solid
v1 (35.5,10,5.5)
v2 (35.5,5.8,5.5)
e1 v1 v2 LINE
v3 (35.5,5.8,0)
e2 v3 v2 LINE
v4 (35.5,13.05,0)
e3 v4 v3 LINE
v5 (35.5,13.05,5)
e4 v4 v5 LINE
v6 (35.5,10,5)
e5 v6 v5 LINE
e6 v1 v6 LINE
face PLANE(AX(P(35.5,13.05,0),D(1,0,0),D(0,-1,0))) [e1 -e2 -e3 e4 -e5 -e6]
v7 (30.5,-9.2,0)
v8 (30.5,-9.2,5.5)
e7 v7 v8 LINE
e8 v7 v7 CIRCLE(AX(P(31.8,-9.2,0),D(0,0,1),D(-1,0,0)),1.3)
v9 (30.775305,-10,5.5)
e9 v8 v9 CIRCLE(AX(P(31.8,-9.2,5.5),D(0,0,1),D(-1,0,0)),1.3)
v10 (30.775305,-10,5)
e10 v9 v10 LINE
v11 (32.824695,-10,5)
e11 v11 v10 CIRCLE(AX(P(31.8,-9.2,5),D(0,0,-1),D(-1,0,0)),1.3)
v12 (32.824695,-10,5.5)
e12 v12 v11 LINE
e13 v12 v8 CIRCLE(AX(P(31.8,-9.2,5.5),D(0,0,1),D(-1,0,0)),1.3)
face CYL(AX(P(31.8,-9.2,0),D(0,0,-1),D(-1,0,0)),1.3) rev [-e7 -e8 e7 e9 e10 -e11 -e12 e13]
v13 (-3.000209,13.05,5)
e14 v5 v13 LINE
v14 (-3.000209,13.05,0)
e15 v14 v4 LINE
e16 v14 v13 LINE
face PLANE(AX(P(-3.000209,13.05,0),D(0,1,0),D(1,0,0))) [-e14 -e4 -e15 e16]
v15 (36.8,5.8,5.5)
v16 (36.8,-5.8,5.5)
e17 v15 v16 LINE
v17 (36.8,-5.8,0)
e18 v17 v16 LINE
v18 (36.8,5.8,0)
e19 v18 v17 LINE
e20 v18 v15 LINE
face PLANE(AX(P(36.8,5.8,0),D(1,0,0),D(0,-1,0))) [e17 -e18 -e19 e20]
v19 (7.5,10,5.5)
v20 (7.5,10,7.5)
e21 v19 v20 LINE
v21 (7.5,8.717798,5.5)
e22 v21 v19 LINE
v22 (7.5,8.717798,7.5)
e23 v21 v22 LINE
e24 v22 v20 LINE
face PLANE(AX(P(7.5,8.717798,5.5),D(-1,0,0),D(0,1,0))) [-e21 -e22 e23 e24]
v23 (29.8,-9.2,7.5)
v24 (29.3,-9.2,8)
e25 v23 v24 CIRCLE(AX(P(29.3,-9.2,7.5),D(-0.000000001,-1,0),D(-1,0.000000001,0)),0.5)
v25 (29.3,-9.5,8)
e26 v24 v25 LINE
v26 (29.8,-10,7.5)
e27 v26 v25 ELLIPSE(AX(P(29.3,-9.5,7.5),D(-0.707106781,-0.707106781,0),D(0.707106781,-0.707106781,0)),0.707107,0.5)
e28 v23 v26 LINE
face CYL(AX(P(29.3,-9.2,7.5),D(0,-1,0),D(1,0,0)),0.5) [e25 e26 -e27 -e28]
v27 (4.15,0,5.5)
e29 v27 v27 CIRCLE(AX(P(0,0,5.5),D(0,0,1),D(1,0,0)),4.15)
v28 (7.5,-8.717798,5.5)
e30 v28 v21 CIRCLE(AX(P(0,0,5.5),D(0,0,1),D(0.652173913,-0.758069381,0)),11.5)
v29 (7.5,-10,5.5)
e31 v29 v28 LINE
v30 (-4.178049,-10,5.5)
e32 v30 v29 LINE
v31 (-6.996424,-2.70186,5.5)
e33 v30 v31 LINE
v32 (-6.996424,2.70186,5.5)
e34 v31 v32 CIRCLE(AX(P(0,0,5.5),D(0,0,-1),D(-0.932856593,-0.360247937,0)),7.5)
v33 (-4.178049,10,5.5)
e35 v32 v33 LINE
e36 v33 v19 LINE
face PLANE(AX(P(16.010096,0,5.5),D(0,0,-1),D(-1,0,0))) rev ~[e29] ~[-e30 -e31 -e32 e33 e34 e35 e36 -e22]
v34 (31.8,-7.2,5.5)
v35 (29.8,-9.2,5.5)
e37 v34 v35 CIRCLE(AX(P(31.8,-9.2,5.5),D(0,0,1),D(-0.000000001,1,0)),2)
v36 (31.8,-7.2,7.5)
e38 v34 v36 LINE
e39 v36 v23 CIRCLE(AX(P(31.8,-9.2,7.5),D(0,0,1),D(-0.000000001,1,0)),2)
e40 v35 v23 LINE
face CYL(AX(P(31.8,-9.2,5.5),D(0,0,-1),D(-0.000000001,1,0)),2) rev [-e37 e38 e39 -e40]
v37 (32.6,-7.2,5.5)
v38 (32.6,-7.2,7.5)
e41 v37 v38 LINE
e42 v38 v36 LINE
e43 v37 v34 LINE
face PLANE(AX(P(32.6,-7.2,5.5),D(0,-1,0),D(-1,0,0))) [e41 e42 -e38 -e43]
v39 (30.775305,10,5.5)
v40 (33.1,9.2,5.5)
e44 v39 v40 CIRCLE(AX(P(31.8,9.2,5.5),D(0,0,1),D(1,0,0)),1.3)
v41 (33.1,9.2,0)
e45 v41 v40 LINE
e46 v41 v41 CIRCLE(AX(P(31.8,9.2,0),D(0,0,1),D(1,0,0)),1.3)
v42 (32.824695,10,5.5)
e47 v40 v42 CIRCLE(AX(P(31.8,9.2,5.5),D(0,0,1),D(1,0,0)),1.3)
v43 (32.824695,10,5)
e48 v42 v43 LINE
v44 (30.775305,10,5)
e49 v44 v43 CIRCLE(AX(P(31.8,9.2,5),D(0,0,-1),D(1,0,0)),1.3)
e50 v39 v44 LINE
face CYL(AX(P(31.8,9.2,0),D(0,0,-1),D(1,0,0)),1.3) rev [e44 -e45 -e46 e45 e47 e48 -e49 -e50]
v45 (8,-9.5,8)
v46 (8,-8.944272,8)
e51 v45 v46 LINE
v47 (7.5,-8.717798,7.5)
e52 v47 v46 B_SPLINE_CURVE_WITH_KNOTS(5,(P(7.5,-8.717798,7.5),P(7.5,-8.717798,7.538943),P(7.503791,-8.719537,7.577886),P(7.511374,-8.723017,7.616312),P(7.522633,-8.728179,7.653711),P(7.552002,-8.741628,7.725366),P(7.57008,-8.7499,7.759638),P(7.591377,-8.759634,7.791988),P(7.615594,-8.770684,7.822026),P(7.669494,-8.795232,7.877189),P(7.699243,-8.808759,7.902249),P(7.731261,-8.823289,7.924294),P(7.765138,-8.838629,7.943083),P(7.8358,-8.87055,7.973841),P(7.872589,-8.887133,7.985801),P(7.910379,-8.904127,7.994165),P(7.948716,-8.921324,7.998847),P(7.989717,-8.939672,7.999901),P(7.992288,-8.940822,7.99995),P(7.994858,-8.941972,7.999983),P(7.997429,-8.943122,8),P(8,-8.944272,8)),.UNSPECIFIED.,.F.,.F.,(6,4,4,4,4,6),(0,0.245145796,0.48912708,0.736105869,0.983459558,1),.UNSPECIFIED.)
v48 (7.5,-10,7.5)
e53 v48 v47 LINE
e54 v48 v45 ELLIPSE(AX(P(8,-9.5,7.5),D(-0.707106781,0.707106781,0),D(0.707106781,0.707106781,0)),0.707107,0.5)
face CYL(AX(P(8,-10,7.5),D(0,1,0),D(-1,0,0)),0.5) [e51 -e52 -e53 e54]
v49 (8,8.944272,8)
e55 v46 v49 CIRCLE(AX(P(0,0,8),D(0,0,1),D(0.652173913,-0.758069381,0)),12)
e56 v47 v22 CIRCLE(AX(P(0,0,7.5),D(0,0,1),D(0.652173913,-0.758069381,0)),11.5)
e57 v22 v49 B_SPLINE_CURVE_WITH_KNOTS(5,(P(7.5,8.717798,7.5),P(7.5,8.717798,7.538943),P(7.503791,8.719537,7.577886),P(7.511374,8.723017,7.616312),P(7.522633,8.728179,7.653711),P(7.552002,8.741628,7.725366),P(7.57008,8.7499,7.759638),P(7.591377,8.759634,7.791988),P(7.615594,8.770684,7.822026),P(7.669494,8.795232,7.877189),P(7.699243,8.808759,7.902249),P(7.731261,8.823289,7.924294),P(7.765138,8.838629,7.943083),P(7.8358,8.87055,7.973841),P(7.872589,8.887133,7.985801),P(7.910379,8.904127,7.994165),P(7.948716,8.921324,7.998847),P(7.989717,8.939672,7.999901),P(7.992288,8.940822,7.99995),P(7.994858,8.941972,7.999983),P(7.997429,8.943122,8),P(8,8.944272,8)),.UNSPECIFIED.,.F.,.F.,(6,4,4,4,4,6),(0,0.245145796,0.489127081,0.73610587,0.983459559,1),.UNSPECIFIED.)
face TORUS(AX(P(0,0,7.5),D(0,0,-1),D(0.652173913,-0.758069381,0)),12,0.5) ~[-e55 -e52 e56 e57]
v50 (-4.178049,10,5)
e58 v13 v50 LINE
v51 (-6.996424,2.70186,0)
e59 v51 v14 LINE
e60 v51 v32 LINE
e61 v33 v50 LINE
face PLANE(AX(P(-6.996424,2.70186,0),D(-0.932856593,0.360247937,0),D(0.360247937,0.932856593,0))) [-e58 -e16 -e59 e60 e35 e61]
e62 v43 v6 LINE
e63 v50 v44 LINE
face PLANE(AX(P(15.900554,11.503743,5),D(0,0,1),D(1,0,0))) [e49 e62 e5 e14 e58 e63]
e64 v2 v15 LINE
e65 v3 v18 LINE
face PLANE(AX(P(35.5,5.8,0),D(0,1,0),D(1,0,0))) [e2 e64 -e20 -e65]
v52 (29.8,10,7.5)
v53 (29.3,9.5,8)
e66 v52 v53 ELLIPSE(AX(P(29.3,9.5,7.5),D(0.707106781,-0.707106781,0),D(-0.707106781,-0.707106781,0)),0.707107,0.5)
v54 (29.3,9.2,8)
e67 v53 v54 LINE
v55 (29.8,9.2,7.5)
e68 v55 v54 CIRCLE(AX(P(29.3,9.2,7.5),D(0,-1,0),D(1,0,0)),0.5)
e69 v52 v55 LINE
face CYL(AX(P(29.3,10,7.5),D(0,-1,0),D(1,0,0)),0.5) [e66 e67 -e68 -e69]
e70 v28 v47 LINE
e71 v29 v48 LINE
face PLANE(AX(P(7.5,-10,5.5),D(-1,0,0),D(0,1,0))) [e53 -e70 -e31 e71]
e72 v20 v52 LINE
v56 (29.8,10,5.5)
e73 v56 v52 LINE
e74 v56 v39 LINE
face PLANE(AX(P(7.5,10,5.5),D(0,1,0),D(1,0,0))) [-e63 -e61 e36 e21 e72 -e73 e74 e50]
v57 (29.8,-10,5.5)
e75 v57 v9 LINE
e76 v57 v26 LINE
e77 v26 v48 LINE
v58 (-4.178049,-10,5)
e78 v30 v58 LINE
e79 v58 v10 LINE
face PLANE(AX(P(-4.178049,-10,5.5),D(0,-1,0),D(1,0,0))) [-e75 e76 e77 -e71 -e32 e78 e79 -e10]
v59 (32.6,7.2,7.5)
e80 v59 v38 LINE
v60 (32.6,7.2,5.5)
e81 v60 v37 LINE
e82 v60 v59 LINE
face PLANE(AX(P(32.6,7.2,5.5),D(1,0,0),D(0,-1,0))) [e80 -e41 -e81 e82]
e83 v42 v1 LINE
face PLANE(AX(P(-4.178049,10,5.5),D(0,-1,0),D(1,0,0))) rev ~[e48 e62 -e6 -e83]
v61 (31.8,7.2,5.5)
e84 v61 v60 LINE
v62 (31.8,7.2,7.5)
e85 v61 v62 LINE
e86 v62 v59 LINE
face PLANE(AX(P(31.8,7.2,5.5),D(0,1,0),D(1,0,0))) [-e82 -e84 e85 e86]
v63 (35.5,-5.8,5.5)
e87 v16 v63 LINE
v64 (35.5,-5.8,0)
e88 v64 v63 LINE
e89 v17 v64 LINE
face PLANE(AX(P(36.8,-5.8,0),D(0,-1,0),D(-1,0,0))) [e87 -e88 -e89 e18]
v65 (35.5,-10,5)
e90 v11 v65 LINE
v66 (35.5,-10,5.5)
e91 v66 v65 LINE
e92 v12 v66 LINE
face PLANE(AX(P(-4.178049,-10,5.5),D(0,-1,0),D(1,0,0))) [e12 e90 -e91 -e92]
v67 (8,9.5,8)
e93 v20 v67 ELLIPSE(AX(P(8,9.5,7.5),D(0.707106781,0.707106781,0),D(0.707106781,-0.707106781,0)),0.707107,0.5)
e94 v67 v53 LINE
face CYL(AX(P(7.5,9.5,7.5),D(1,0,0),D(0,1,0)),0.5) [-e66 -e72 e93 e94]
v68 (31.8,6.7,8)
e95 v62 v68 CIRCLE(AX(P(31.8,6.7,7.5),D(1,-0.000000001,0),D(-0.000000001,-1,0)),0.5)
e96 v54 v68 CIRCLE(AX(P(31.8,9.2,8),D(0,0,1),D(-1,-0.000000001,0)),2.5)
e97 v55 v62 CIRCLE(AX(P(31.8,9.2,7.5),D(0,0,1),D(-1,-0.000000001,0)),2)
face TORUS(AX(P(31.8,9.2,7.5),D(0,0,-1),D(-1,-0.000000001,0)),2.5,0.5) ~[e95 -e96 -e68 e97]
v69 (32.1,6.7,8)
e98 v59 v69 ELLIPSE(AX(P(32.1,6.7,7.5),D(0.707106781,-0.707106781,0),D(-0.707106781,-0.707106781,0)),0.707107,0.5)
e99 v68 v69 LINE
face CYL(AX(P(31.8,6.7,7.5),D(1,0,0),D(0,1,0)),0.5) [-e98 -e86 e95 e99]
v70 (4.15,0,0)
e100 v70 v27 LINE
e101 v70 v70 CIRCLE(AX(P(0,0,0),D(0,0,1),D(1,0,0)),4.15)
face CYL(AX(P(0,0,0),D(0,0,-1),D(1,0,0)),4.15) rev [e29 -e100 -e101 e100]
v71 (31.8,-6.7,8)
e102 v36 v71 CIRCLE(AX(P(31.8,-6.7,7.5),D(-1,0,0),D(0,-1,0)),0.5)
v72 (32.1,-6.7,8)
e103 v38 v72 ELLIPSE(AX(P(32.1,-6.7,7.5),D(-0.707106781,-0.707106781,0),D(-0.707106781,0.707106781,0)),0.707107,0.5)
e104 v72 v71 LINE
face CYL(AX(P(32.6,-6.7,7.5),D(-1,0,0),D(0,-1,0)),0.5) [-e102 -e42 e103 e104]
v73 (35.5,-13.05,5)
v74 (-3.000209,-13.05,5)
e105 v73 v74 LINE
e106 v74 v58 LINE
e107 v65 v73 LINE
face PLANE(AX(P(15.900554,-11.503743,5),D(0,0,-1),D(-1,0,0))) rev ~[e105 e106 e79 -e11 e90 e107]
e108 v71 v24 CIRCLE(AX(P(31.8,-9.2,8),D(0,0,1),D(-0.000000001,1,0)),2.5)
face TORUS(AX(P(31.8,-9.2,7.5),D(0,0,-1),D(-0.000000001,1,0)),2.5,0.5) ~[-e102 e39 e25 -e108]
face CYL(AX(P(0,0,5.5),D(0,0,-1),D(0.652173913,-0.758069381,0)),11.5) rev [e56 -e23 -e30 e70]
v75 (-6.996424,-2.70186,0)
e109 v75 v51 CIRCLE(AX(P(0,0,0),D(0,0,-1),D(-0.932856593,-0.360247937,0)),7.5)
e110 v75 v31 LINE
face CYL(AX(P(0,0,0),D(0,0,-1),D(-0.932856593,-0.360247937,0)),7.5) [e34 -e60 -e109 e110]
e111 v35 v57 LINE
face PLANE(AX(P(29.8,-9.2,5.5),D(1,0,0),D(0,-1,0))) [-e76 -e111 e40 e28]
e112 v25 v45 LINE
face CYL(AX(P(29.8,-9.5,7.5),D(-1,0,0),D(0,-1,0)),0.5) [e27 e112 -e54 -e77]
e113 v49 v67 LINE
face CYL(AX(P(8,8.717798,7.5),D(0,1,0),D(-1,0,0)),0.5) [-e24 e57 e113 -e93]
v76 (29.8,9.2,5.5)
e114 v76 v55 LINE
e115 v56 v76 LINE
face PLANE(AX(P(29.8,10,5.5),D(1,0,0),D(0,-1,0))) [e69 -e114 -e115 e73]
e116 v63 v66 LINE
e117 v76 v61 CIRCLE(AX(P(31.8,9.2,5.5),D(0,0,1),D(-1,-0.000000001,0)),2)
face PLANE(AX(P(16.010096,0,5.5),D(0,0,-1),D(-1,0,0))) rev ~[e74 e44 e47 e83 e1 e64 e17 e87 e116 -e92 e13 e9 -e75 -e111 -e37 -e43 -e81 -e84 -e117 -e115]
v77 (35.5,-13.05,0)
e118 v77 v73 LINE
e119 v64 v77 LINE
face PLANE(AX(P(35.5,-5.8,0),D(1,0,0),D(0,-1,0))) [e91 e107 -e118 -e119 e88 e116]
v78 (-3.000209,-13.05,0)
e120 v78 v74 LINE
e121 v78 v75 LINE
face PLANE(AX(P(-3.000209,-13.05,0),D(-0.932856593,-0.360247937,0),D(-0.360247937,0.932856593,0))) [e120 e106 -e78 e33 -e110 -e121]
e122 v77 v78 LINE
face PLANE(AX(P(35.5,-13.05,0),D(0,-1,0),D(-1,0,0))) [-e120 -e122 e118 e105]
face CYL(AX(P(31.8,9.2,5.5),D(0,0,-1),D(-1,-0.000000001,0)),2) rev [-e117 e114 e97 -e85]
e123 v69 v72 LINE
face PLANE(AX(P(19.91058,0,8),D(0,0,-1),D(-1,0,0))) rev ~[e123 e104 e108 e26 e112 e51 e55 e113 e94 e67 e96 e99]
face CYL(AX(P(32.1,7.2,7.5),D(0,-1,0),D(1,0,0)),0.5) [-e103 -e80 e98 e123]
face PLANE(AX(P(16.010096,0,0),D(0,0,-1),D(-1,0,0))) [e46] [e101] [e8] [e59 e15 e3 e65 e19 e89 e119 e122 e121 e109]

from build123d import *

# Parameters (mm, degrees)
SKETCH1_R          = 1.3
SKETCH1_R_2        = 4.15
EXTRUDE1_DEPTH     = 5.5
EXTRUDE2_DEPTH     = 2.5
FILLET1_R          = 0.5
CUT_EXTRUDE1_DEPTH = 0.5


with BuildPart() as part:
    # Sketch1 → Extrude1 (new body)
    with BuildSketch(Plane.XY):
        with BuildLine():
            Line((35.5, 5.8), (36.8, 5.8))
            Line((36.8, 5.8), (36.8, -5.8))
            Line((36.8, -5.8), (35.5, -5.8))
            Line((35.5, -5.8), (35.5, -13.05))
            Line((35.5, -13.05), (-3.00020865, -13.05))
            Line((-3.00020865, -13.05), (-6.99642445, -2.701859528))
            ThreePointArc((-6.99642445, -2.701859528), (-7.5, 0), (-6.99642445, 2.701859528))
            Line((-6.99642445, 2.701859528), (-3.00020865, 13.05))
            Line((-3.00020865, 13.05), (35.5, 13.05))
            Line((35.5, 13.05), (35.5, 5.8))
        make_face()
        with Locations((31.8, 9.2)):
            Circle(SKETCH1_R, mode=Mode.SUBTRACT)
        with Locations(Location((31.8, -9.2, 0), (0, 0, 180))):
            Circle(SKETCH1_R, mode=Mode.SUBTRACT)
        Circle(SKETCH1_R_2, mode=Mode.SUBTRACT)
    extrude(amount=EXTRUDE1_DEPTH)

    # Sketch2 → Extrude2 (add)
    with BuildSketch(Plane.XY.offset(5.5)):
        with BuildLine():
            Line((7.5, 10), (29.8, 10))
            Line((29.8, 10), (29.8, 9.2))
            ThreePointArc((29.8, 9.2), (30.385786438, 7.785786438), (31.8, 7.2))
            Line((31.8, 7.2), (32.6, 7.2))
            Line((32.6, 7.2), (32.6, -7.2))
            Line((32.6, -7.2), (31.8, -7.2))
            ThreePointArc((31.8, -7.2), (30.385786438, -7.785786438), (29.8, -9.2))
            Line((29.8, -9.2), (29.8, -10))
            Line((29.8, -10), (7.5, -10))
            Line((7.5, -10), (7.5, -8.717797887))
            ThreePointArc((7.5, -8.717797887), (11.5, 0), (7.5, 8.717797887))
            Line((7.5, 8.717797887), (7.5, 10))
        make_face()
    extrude(amount=EXTRUDE2_DEPTH)

    # Fillet1
    fillet1_edges = [part.edges().sort_by_distance(p)[0] for p in [
        (30.385786438, -7.785786438, 8),
        (32.2, -7.2, 8),
        (32.6, 0, 8),
        (32.2, 7.2, 8),
        (30.385786438, 7.785786438, 8),
        (29.8, 9.6, 8),
        (18.65, 10, 8),
        (7.5, 9.358898944, 8),
        (11.5, 0, 8),
        (7.5, -9.358898944, 8),
        (18.65, -10, 8),
        (29.8, -9.6, 8),
    ]]
    fillet(fillet1_edges, radius=FILLET1_R)

    # Sketch3 → Cut-Extrude1 (cut)
    with BuildSketch(Plane.XY.offset(5.5)):
        Polygon((-4.178049077, -10), (35.5, -10), (35.5, -13.05), (-3.00020865, -13.05), align=None)
        Polygon((-4.178049077, 10), (35.5, 10), (35.5, 13.05), (-3.00020865, 13.05), align=None)
    extrude(amount=-CUT_EXTRUDE1_DEPTH, mode=Mode.SUBTRACT)


solid = part.part
